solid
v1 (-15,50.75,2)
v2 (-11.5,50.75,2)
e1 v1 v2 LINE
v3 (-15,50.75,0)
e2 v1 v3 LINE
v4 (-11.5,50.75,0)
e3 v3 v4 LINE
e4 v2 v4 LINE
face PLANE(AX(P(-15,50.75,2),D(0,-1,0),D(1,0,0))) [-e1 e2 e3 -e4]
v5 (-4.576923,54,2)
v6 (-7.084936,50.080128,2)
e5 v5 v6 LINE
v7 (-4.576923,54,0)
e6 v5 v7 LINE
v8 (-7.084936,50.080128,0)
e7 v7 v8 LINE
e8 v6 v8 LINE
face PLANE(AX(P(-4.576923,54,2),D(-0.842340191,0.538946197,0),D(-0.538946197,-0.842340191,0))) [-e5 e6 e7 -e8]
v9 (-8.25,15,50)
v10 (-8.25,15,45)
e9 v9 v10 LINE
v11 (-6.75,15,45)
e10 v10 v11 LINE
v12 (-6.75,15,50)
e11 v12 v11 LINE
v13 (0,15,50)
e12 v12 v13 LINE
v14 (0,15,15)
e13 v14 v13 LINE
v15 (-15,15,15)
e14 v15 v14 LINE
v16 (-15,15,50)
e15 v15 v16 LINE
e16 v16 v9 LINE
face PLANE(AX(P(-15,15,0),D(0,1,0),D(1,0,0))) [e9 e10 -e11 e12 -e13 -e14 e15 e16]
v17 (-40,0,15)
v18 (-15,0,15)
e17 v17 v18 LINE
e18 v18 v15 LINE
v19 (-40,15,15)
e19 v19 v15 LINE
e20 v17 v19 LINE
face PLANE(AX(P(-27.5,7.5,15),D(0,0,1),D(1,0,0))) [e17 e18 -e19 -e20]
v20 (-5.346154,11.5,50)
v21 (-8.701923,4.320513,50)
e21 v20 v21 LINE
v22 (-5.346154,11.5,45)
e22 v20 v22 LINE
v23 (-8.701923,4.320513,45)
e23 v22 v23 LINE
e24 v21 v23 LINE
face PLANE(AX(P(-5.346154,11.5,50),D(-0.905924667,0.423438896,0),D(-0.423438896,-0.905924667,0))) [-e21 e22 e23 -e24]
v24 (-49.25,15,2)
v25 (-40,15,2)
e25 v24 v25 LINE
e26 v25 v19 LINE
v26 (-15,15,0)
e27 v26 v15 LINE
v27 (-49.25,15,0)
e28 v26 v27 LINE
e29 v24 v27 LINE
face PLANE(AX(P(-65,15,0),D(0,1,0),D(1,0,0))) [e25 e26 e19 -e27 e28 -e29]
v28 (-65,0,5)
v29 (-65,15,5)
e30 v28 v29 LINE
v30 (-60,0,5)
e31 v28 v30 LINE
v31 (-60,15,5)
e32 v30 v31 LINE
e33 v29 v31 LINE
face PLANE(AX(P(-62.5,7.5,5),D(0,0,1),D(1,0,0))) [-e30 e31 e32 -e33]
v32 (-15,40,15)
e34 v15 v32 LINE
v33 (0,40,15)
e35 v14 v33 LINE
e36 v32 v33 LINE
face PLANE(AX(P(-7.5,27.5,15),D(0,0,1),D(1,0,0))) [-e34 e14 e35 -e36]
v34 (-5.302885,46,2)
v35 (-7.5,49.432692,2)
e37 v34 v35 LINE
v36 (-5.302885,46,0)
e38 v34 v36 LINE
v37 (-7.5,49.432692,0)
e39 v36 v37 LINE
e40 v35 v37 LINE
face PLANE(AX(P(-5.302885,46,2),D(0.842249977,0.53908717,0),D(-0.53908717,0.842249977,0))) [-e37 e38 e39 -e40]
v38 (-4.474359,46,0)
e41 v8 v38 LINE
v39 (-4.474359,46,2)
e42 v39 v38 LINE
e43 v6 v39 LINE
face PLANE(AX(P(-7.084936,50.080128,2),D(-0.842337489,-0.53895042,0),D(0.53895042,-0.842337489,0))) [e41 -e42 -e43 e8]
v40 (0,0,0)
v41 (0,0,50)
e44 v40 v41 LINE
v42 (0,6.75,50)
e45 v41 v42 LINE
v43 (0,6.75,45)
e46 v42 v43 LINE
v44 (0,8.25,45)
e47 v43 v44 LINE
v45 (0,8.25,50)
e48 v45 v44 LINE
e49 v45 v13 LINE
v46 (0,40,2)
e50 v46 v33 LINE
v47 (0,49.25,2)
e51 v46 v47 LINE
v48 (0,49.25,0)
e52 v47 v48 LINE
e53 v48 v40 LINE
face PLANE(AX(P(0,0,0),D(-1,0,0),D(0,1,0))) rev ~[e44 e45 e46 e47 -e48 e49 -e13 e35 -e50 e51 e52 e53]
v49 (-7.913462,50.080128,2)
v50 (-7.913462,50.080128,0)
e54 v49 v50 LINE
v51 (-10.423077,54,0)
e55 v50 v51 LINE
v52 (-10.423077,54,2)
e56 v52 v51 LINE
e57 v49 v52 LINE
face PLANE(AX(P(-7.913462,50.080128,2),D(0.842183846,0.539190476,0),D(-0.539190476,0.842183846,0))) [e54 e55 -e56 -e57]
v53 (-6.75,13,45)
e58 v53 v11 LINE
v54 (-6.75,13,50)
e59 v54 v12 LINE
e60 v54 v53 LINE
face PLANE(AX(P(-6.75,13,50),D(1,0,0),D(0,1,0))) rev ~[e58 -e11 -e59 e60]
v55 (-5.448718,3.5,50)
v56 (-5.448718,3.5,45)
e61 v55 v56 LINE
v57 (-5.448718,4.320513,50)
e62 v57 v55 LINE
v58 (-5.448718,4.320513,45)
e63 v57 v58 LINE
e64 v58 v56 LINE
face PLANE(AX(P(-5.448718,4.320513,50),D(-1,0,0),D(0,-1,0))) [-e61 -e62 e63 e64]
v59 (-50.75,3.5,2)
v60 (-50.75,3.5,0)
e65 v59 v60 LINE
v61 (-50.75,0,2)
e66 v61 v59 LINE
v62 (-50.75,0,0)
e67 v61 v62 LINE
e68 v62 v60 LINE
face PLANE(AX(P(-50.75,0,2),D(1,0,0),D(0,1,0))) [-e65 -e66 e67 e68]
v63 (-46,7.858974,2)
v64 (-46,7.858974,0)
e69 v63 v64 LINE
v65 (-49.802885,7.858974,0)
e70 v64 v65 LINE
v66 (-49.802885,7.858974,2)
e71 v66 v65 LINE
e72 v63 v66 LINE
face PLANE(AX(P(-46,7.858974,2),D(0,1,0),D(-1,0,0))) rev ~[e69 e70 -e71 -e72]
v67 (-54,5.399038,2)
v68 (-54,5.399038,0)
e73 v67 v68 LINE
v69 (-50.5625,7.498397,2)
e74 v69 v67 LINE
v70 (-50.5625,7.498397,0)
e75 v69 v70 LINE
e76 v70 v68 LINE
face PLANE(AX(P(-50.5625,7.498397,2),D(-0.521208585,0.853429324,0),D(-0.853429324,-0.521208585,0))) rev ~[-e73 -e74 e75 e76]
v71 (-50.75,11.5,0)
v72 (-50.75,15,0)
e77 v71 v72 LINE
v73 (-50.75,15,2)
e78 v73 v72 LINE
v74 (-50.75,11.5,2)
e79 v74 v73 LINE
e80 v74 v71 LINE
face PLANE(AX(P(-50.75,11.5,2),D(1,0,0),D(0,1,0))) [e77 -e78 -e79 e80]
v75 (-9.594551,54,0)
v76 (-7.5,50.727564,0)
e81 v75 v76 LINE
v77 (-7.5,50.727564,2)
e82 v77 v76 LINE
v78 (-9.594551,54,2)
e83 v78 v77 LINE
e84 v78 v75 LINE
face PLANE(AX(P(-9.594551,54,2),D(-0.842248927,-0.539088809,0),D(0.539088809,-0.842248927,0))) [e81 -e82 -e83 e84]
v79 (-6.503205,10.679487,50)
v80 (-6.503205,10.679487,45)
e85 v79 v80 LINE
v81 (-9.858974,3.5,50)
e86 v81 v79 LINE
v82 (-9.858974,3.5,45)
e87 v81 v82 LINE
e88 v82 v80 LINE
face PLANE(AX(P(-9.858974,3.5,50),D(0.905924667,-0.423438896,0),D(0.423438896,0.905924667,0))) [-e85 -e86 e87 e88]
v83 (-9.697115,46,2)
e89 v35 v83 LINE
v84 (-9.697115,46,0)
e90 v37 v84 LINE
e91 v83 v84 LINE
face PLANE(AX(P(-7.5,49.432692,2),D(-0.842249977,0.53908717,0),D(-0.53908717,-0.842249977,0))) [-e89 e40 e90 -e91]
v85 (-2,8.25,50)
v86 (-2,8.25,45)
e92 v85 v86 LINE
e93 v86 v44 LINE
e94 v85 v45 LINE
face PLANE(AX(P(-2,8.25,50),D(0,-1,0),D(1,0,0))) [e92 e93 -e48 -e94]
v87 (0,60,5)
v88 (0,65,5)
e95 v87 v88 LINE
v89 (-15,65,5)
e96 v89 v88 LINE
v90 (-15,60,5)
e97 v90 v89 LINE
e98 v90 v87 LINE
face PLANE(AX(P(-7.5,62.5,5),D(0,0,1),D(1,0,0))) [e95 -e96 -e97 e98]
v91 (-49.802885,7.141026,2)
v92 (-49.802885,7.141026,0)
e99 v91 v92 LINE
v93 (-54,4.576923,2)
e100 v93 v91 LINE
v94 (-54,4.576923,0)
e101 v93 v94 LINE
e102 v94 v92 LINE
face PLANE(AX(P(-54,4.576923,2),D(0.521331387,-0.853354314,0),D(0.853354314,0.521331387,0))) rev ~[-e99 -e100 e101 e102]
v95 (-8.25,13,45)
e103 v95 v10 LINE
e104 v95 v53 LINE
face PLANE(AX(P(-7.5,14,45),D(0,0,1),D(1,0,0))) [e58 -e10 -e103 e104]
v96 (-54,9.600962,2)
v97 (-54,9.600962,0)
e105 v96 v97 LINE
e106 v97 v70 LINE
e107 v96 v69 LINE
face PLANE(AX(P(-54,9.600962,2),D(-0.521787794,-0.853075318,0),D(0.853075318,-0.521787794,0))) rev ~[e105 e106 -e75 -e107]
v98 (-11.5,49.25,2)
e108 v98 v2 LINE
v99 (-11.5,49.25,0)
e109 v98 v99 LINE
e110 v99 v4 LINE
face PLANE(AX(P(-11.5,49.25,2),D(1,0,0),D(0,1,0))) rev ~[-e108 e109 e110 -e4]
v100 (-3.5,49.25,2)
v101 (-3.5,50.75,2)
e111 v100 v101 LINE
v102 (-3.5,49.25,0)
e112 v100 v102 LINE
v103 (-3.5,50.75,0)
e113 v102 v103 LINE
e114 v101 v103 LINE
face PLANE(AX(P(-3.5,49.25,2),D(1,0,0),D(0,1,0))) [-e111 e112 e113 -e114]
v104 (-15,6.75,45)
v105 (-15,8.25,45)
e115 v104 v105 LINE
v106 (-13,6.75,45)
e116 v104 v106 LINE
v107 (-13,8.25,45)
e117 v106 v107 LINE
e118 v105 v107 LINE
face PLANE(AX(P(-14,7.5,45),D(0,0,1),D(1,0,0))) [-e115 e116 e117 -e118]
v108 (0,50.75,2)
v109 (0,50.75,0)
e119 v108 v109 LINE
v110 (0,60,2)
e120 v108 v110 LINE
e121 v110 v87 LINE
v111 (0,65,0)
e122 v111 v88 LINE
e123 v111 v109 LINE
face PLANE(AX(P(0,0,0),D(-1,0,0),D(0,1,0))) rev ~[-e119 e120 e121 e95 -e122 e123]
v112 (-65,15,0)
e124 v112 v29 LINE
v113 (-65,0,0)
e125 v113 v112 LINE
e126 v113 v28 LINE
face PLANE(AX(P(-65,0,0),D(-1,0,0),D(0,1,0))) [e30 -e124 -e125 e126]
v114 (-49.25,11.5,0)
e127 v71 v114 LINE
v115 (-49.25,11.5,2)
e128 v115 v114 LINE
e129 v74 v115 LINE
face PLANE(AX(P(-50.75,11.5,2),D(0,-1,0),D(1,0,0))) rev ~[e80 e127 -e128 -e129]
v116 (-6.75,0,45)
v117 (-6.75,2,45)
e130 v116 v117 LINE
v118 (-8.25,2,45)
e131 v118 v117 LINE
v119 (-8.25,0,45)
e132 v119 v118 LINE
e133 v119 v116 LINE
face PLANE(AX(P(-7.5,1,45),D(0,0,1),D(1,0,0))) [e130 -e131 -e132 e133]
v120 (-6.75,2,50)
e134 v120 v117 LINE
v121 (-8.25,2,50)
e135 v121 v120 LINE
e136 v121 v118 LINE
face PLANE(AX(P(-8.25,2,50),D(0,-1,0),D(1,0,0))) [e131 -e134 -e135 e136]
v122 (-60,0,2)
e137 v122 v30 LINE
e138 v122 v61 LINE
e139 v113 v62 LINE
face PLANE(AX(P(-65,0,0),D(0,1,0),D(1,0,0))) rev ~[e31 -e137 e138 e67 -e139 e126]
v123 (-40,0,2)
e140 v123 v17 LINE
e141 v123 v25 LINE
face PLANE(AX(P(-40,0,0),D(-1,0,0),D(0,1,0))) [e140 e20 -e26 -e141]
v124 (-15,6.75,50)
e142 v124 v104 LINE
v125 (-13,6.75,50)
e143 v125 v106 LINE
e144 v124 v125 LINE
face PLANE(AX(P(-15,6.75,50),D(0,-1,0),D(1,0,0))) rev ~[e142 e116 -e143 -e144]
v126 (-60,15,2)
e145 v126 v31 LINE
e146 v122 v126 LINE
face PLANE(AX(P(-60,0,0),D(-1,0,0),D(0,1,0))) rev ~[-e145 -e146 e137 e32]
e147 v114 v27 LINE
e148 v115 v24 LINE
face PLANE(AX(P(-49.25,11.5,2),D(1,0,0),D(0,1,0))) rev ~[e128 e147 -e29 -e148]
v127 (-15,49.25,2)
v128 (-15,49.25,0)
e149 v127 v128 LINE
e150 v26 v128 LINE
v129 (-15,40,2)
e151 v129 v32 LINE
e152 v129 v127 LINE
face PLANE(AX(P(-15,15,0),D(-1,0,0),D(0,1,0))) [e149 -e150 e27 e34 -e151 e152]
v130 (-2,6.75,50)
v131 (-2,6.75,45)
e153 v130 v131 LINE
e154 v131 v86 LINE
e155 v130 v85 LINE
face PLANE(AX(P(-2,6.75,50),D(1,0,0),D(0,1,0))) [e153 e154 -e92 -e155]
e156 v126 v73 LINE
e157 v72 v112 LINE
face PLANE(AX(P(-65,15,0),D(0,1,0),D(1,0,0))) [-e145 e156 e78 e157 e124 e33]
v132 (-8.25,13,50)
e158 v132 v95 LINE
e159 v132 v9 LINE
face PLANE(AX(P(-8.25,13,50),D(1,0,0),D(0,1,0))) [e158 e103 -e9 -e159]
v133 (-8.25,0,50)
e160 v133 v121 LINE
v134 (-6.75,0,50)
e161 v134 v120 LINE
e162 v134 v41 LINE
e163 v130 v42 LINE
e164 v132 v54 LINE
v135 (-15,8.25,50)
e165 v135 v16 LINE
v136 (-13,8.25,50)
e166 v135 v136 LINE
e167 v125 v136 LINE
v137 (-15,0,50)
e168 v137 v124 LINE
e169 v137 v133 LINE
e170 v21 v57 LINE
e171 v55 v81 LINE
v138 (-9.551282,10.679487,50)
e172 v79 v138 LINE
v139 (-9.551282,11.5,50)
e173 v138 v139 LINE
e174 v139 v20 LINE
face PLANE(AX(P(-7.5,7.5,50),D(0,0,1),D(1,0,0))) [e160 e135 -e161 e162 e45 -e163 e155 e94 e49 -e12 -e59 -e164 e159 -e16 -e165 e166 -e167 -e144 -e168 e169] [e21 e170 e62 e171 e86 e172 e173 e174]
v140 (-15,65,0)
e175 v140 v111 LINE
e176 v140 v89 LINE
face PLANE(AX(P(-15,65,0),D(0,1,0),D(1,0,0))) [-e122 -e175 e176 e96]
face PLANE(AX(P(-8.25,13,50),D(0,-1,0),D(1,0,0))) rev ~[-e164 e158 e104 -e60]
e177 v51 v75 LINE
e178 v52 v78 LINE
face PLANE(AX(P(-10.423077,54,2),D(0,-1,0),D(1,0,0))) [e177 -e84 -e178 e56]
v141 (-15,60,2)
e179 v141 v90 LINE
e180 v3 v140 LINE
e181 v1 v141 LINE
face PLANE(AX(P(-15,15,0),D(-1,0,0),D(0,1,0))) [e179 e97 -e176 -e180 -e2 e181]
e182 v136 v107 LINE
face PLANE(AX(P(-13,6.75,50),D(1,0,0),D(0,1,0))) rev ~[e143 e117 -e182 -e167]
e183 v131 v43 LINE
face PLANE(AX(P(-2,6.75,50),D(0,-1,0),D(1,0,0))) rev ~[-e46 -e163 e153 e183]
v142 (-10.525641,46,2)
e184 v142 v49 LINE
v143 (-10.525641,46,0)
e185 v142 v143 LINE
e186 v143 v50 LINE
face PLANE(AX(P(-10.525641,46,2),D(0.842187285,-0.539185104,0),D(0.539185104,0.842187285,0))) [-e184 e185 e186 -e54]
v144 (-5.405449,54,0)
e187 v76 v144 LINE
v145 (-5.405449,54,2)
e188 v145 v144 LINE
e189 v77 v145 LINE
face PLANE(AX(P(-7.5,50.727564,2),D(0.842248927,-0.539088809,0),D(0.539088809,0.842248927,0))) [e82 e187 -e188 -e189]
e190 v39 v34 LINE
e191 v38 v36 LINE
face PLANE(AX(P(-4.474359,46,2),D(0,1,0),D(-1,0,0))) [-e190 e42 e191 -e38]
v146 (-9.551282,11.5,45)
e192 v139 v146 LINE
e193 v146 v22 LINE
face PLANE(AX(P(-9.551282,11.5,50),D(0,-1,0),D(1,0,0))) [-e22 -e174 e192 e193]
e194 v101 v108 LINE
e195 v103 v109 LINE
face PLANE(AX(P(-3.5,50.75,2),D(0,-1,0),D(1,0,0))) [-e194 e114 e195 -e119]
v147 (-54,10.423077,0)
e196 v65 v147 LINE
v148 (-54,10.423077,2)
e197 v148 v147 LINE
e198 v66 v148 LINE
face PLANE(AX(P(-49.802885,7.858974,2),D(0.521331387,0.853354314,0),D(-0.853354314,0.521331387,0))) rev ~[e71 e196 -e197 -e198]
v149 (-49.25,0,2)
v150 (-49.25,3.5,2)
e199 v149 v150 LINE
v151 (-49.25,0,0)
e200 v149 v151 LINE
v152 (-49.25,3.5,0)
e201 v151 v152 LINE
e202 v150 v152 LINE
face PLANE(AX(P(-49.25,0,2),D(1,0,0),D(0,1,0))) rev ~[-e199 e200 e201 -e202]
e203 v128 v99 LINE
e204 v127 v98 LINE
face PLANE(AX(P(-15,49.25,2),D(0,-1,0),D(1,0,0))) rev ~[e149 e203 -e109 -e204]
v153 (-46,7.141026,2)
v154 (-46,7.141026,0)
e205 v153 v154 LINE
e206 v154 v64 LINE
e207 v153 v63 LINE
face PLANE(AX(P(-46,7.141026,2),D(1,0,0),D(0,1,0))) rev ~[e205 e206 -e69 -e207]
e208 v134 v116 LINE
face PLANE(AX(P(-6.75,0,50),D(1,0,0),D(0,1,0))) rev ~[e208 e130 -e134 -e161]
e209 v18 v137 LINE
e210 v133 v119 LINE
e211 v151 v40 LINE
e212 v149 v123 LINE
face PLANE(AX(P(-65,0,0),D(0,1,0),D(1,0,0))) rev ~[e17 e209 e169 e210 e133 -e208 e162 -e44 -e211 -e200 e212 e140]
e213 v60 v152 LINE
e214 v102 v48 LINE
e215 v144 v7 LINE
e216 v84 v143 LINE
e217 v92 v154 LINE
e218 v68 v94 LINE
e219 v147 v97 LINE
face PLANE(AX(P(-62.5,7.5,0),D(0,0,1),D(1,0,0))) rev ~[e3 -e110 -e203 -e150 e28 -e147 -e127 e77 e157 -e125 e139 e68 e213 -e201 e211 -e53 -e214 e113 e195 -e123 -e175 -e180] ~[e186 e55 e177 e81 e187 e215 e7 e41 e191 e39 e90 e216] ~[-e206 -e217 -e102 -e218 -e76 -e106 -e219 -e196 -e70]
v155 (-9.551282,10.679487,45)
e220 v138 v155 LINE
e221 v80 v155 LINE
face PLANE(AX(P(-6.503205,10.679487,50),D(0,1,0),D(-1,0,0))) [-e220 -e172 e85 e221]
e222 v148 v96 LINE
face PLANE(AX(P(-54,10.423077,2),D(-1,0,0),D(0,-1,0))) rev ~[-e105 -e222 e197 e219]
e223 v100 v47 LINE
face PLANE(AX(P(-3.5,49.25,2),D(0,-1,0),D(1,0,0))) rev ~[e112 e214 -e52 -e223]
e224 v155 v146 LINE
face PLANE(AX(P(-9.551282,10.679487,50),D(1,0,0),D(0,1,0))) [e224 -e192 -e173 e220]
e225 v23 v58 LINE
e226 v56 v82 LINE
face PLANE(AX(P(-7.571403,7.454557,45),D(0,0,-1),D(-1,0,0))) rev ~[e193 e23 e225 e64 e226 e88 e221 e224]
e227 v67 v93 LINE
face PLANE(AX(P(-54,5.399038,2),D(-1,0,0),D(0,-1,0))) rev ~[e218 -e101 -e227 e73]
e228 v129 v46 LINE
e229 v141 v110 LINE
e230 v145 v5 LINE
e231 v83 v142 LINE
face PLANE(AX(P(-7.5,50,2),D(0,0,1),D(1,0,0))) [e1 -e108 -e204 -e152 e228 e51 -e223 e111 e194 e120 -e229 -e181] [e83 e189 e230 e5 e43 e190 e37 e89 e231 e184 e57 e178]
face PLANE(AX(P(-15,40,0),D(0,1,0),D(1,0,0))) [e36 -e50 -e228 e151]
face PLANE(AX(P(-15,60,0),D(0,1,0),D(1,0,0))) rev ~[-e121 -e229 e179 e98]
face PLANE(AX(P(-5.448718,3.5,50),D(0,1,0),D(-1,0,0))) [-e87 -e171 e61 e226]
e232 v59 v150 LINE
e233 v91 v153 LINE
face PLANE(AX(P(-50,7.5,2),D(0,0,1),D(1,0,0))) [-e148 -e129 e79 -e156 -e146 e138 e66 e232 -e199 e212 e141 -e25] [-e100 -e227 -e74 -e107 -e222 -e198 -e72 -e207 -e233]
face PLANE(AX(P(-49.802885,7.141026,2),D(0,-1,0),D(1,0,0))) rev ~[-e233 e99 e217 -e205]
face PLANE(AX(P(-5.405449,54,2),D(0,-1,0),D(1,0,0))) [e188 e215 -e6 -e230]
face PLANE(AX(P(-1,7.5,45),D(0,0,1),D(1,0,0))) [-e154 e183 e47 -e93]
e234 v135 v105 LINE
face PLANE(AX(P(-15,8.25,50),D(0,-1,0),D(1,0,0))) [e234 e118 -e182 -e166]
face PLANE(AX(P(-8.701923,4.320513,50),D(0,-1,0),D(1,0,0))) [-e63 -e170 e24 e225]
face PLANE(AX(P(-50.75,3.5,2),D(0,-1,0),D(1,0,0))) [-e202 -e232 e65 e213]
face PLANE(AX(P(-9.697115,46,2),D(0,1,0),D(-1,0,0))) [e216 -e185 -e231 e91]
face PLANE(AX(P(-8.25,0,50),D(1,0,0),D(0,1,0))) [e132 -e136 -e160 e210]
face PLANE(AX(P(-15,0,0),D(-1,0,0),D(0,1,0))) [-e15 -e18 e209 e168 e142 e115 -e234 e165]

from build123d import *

# Parameters (mm, degrees)
CROQUIS2_W                = 25
CROQUIS2_H                = 15
SALIENTE_EXTRUIR1_DEPTH   = 15
CROQUIS2_W_2              = 15
CROQUIS2_H_2              = 25
SALIENTE_EXTRUIR1_2_DEPTH = 15
CROQUIS2_3_W              = 15
CROQUIS2_3_H              = 15
SALIENTE_EXTRUIR2_DEPTH   = 50
CROQUIS3_W                = 15
CROQUIS3_H                = 20
CROQUIS3_W_2              = 20
CROQUIS3_H_2              = 15
SALIENTE_EXTRUIR3_DEPTH   = 2
CROQUIS3_3_W              = 15
CROQUIS3_3_H              = 5
CROQUIS3_3_W_2            = 5
CROQUIS3_3_H_2            = 15
SALIENTE_EXTRUIR4_DEPTH   = 5
CROQUIS4_W                = 3.5
CROQUIS4_H                = 1.5
CROQUIS4_W_2              = 1.5
CROQUIS4_H_2              = 3.5
CORTAR_EXTRUIR1_DEPTH     = 15
CROQUIS5_W                = 1.5
CROQUIS5_H                = 2
CROQUIS5_W_2              = 2
CROQUIS5_H_2              = 1.5
CORTAR_EXTRUIR2_DEPTH     = 5


with BuildPart() as part:
    # Croquis2 → Saliente-Extruir1 (new body)
    with BuildSketch(Plane.XY):
        with Locations((-27.5, 7.5)):
            Rectangle(CROQUIS2_W, CROQUIS2_H)
    extrude(amount=SALIENTE_EXTRUIR1_DEPTH)



with BuildPart() as body_2:
    # Croquis2 → Saliente-Extruir1 2 (new body)
    with BuildSketch(Plane.XY):
        with Locations((-7.5, 27.5)):
            Rectangle(CROQUIS2_W_2, CROQUIS2_H_2)
    extrude(amount=SALIENTE_EXTRUIR1_2_DEPTH)


with BuildPart() as part_1:
    add(part.part)

    add(body_2.part)  # Saliente-Extruir2 merges body 2
    # Croquis2<3> → Saliente-Extruir2 (add)
    with BuildSketch(Plane.XY):
        with Locations((-7.5, 7.5)):
            Rectangle(CROQUIS2_3_W, CROQUIS2_3_H)
    extrude(amount=SALIENTE_EXTRUIR2_DEPTH)

    # Croquis3 → Saliente-Extruir3 (add)
    with BuildSketch(Plane.XY):
        with Locations((-7.5, 50)):
            Rectangle(CROQUIS3_W, CROQUIS3_H)
        with Locations((-50, 7.5)):
            Rectangle(CROQUIS3_W_2, CROQUIS3_H_2)
    extrude(amount=SALIENTE_EXTRUIR3_DEPTH)

    # Croquis3<3> → Saliente-Extruir4 (add)
    with BuildSketch(Plane.XY):
        with Locations((-7.5, 62.5)):
            Rectangle(CROQUIS3_3_W, CROQUIS3_3_H)
        with Locations((-62.5, 7.5)):
            Rectangle(CROQUIS3_3_W_2, CROQUIS3_3_H_2)
    extrude(amount=SALIENTE_EXTRUIR4_DEPTH)

    # Croquis4 → Cortar-Extruir1 (cut)
    with BuildSketch(Plane.XY.offset(2)):
        with Locations((-13.25, 50)):
            Rectangle(CROQUIS4_W, CROQUIS4_H)
        with Locations((-1.75, 50)):
            Rectangle(CROQUIS4_W, CROQUIS4_H)
        with Locations((-50, 13.25)):
            Rectangle(CROQUIS4_W_2, CROQUIS4_H_2)
        with Locations((-50, 1.75)):
            Rectangle(CROQUIS4_W_2, CROQUIS4_H_2)
        Polygon((-10.423076923, 54), (-9.594551282, 54), (-7.5, 50.727564103), (-5.405448718, 54), (-4.576923077, 54), (-7.084935897, 50.080128205), (-4.474358974, 46), (-5.302884615, 46), (-7.5, 49.432692308), (-9.697115385, 46), (-10.525641026, 46), (-7.913461538, 50.080128205), align=None)
        Polygon((-54, 10.423076923), (-54, 9.600961538), (-50.5625, 7.498397436), (-54, 5.399038462), (-54, 4.576923077), (-49.802884615, 7.141025641), (-46, 7.141025641), (-46, 7.858974359), (-49.802884615, 7.858974359), align=None)
    extrude(amount=-CORTAR_EXTRUIR1_DEPTH, mode=Mode.SUBTRACT)

    # Croquis5 → Cortar-Extruir2 (cut)
    with BuildSketch(Plane.XY.offset(50)):
        with Locations((-7.5, 14)):
            Rectangle(CROQUIS5_W, CROQUIS5_H)
        with Locations((-7.5, 1)):
            Rectangle(CROQUIS5_W, CROQUIS5_H)
        with Locations((-1, 7.5)):
            Rectangle(CROQUIS5_W_2, CROQUIS5_H_2)
        with Locations((-14, 7.5)):
            Rectangle(CROQUIS5_W_2, CROQUIS5_H_2)
        Polygon((-9.551282051, 10.679487179), (-9.551282051, 11.5), (-5.346153846, 11.5), (-8.701923077, 4.320512821), (-5.448717949, 4.320512821), (-5.448717949, 3.5), (-9.858974359, 3.5), (-6.503205128, 10.679487179), align=None)
    extrude(amount=-CORTAR_EXTRUIR2_DEPTH, mode=Mode.SUBTRACT)


solid = part_1.part
